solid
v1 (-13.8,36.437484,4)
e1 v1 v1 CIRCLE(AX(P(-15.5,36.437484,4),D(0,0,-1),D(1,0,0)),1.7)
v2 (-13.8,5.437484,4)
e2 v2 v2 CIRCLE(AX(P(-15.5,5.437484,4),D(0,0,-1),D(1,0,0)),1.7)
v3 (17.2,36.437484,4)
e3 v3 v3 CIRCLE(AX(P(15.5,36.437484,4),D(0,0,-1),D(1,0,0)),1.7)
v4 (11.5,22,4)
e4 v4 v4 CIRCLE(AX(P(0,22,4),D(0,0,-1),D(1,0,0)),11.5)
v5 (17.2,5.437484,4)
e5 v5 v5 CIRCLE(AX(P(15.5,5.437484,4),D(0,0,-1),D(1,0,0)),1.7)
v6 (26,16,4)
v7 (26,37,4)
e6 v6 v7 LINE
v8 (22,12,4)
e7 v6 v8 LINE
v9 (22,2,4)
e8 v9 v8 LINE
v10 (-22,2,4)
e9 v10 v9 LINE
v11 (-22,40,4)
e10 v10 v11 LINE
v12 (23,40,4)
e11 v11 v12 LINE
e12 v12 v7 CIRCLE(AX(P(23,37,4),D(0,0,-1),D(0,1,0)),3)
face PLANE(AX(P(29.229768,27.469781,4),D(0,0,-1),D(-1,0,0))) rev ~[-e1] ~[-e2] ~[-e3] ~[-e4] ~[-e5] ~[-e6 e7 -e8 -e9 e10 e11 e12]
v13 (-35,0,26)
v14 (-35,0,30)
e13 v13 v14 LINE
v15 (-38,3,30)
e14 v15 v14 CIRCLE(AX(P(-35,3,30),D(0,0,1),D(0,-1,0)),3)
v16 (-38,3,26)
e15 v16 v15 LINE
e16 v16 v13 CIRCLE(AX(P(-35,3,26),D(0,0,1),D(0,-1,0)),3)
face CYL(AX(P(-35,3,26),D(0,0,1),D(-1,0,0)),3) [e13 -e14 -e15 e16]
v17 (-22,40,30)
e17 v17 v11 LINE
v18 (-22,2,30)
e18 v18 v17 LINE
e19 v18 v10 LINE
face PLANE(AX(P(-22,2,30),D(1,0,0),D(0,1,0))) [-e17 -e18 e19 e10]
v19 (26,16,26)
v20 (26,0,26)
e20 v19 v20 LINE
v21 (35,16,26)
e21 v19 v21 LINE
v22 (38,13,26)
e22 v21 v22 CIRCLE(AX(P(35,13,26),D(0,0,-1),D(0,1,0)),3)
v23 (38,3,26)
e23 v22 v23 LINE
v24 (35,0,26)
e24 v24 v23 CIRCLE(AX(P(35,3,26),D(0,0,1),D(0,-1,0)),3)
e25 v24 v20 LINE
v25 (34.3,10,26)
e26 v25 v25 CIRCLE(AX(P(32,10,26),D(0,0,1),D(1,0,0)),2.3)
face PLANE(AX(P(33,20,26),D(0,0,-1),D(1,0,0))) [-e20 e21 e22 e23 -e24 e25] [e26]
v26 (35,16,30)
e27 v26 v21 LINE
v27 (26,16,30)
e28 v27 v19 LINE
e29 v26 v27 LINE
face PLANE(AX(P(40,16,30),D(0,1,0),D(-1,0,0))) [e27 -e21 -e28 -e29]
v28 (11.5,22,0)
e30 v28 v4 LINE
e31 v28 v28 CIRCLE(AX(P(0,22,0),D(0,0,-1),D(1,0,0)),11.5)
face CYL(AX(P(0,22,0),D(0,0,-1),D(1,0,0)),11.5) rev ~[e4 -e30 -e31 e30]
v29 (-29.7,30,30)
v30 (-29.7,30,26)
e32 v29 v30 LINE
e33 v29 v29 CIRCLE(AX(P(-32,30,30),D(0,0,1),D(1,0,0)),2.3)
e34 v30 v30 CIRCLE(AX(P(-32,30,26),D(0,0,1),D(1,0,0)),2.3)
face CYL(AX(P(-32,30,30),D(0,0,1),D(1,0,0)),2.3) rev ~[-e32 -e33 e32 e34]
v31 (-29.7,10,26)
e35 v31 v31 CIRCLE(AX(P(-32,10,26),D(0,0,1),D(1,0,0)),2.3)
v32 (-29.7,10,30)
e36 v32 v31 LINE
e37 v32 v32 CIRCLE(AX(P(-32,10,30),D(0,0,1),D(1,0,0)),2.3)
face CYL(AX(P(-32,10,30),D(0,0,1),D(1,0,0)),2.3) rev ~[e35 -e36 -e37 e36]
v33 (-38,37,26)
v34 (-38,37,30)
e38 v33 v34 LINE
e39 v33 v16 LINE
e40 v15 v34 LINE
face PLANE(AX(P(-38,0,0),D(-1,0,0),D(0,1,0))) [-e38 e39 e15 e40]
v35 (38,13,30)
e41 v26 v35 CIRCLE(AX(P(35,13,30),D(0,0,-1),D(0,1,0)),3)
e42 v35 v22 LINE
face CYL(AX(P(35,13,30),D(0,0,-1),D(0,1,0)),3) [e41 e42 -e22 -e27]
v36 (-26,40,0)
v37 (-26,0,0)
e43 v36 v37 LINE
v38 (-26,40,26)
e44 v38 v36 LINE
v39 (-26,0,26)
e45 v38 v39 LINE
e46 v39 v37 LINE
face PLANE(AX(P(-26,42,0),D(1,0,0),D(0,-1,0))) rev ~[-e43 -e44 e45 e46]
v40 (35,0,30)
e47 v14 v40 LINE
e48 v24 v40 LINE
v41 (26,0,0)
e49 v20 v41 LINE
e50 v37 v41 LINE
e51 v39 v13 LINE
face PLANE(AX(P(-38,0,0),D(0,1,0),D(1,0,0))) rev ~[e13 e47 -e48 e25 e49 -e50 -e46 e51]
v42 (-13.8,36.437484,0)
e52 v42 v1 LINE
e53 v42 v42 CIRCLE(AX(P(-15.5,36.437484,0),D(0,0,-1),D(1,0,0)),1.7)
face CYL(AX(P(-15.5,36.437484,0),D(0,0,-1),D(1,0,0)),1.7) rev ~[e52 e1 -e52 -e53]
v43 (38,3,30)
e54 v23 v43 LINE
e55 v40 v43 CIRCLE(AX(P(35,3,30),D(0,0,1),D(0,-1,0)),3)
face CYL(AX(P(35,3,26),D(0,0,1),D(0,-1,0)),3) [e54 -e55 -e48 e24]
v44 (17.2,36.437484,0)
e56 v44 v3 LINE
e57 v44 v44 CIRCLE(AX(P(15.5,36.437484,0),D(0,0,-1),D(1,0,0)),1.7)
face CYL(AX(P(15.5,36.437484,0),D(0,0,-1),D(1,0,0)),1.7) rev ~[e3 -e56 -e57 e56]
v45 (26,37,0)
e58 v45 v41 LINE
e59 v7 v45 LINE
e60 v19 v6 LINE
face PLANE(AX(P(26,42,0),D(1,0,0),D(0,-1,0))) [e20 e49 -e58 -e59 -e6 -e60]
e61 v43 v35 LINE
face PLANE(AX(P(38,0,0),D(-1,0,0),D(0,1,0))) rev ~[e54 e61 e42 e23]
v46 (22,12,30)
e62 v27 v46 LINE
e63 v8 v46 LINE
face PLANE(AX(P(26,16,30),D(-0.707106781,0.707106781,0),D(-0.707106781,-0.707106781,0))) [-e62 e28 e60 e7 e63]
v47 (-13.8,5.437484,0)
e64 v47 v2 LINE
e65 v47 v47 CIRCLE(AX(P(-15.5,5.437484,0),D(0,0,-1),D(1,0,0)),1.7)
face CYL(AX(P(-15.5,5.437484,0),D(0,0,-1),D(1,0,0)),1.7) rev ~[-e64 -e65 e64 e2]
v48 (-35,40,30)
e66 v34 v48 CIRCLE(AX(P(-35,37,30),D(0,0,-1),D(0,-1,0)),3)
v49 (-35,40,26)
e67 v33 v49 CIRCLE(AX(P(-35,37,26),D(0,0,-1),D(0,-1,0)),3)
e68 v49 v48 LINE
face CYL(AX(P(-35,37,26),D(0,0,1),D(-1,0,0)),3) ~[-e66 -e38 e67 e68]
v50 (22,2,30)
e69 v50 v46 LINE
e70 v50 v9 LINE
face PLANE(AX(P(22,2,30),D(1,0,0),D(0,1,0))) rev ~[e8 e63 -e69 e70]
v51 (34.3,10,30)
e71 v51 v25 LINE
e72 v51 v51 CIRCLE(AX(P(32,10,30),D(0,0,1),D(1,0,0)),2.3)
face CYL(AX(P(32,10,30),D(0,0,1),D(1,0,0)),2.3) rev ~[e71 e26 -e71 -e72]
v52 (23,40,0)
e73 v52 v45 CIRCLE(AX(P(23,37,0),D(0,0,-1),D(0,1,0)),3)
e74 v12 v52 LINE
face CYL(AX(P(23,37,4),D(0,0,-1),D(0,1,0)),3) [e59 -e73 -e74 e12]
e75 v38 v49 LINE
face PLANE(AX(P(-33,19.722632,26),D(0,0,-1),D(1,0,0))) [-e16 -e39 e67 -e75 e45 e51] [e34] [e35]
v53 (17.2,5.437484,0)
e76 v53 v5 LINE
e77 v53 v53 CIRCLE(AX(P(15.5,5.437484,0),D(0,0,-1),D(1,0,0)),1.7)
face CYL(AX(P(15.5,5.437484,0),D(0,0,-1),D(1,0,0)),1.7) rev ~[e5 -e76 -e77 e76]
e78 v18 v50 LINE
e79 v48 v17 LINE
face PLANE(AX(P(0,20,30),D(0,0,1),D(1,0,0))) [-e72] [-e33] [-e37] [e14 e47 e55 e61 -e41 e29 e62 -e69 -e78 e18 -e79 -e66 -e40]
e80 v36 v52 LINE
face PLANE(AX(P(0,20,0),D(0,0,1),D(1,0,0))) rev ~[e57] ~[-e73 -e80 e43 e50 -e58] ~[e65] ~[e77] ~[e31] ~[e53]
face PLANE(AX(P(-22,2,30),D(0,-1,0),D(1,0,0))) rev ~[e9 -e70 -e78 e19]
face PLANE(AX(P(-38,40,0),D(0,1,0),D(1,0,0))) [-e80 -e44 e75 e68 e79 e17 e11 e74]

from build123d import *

# Parameters (mm, degrees)
SKETCH_W        = 76
SKETCH_H        = 40
PAD_DEPTH       = 30
SKETCH001_W     = 44
SKETCH001_H     = 43.078728
POCKET_DEPTH    = 26
SKETCH002_R     = 2.3
POCKET001_DEPTH = 30.001
SKETCH003_W     = 14
SKETCH003_H     = 44.554736
SKETCH003_H_2   = 44
POCKET002_DEPTH = 26
POCKET003_DEPTH = 26
SKETCH005_R     = 11.5
SKETCH005_R_2   = 1.7
POCKET004_DEPTH = 5
FILLET_R        = 3


with BuildPart() as part:
    # Sketch → Pad (new body)
    with BuildSketch(Plane.XY):
        with Locations((0, 20)):
            Rectangle(SKETCH_W, SKETCH_H)
    extrude(amount=PAD_DEPTH)

    # Sketch001 → Pocket (cut)
    with BuildSketch(Plane.XY.offset(30)):
        with Locations((0, 23.539364)):
            Rectangle(SKETCH001_W, SKETCH001_H)
    extrude(amount=-POCKET_DEPTH, mode=Mode.SUBTRACT)

    # Sketch002 → Pocket001 (cut, through all)
    with BuildSketch(Plane.XY.offset(30)):
        with Locations((-32, 10)):
            Circle(SKETCH002_R)
        with Locations((-32, 30)):
            Circle(SKETCH002_R)
        with Locations((32, 10)):
            Circle(SKETCH002_R)
    extrude(amount=-POCKET001_DEPTH, mode=Mode.SUBTRACT)

    # Sketch003 → Pocket002 (cut)
    with BuildSketch(Plane(origin=(0, 0, 0), x_dir=(1, 0, 0), z_dir=(0, 0, -1))):
        with Locations((-33, -19.722632)):
            Rectangle(SKETCH003_W, SKETCH003_H)
        with Locations((33, -20)):
            Rectangle(SKETCH003_W, SKETCH003_H_2)
    extrude(amount=-POCKET002_DEPTH, mode=Mode.SUBTRACT)

    # Sketch004 → Pocket003 (cut)
    with BuildSketch(Plane.XY.offset(30)):
        Polygon((20, 42), (40, 42), (40, 16), (26, 16), (20, 10), align=None)
    extrude(amount=-POCKET003_DEPTH, mode=Mode.SUBTRACT)

    # Sketch005 → Pocket004 (cut)
    with BuildSketch(Plane(origin=(0, 0, 0), x_dir=(1, 0, 0), z_dir=(0, 0, -1))):
        with Locations((0, -22)):
            Circle(SKETCH005_R)
        with Locations((-15.5, -5.437484)):
            Circle(SKETCH005_R_2)
        with Locations((15.5, -5.437484)):
            Circle(SKETCH005_R_2)
        with Locations((15.5, -36.437484)):
            Circle(SKETCH005_R_2)
        with Locations((-15.5, -36.437484)):
            Circle(SKETCH005_R_2)
    extrude(amount=-POCKET004_DEPTH, mode=Mode.SUBTRACT)

    # Fillet
    fillet_edges = [part.edges().sort_by_distance(p)[0] for p in [
        (26, 40, 2),
        (38, 16, 28),
        (38, 0, 28),
        (-38, 40, 28),
        (-38, 0, 28),
    ]]
    fillet(fillet_edges, radius=FILLET_R)


solid = part.part
